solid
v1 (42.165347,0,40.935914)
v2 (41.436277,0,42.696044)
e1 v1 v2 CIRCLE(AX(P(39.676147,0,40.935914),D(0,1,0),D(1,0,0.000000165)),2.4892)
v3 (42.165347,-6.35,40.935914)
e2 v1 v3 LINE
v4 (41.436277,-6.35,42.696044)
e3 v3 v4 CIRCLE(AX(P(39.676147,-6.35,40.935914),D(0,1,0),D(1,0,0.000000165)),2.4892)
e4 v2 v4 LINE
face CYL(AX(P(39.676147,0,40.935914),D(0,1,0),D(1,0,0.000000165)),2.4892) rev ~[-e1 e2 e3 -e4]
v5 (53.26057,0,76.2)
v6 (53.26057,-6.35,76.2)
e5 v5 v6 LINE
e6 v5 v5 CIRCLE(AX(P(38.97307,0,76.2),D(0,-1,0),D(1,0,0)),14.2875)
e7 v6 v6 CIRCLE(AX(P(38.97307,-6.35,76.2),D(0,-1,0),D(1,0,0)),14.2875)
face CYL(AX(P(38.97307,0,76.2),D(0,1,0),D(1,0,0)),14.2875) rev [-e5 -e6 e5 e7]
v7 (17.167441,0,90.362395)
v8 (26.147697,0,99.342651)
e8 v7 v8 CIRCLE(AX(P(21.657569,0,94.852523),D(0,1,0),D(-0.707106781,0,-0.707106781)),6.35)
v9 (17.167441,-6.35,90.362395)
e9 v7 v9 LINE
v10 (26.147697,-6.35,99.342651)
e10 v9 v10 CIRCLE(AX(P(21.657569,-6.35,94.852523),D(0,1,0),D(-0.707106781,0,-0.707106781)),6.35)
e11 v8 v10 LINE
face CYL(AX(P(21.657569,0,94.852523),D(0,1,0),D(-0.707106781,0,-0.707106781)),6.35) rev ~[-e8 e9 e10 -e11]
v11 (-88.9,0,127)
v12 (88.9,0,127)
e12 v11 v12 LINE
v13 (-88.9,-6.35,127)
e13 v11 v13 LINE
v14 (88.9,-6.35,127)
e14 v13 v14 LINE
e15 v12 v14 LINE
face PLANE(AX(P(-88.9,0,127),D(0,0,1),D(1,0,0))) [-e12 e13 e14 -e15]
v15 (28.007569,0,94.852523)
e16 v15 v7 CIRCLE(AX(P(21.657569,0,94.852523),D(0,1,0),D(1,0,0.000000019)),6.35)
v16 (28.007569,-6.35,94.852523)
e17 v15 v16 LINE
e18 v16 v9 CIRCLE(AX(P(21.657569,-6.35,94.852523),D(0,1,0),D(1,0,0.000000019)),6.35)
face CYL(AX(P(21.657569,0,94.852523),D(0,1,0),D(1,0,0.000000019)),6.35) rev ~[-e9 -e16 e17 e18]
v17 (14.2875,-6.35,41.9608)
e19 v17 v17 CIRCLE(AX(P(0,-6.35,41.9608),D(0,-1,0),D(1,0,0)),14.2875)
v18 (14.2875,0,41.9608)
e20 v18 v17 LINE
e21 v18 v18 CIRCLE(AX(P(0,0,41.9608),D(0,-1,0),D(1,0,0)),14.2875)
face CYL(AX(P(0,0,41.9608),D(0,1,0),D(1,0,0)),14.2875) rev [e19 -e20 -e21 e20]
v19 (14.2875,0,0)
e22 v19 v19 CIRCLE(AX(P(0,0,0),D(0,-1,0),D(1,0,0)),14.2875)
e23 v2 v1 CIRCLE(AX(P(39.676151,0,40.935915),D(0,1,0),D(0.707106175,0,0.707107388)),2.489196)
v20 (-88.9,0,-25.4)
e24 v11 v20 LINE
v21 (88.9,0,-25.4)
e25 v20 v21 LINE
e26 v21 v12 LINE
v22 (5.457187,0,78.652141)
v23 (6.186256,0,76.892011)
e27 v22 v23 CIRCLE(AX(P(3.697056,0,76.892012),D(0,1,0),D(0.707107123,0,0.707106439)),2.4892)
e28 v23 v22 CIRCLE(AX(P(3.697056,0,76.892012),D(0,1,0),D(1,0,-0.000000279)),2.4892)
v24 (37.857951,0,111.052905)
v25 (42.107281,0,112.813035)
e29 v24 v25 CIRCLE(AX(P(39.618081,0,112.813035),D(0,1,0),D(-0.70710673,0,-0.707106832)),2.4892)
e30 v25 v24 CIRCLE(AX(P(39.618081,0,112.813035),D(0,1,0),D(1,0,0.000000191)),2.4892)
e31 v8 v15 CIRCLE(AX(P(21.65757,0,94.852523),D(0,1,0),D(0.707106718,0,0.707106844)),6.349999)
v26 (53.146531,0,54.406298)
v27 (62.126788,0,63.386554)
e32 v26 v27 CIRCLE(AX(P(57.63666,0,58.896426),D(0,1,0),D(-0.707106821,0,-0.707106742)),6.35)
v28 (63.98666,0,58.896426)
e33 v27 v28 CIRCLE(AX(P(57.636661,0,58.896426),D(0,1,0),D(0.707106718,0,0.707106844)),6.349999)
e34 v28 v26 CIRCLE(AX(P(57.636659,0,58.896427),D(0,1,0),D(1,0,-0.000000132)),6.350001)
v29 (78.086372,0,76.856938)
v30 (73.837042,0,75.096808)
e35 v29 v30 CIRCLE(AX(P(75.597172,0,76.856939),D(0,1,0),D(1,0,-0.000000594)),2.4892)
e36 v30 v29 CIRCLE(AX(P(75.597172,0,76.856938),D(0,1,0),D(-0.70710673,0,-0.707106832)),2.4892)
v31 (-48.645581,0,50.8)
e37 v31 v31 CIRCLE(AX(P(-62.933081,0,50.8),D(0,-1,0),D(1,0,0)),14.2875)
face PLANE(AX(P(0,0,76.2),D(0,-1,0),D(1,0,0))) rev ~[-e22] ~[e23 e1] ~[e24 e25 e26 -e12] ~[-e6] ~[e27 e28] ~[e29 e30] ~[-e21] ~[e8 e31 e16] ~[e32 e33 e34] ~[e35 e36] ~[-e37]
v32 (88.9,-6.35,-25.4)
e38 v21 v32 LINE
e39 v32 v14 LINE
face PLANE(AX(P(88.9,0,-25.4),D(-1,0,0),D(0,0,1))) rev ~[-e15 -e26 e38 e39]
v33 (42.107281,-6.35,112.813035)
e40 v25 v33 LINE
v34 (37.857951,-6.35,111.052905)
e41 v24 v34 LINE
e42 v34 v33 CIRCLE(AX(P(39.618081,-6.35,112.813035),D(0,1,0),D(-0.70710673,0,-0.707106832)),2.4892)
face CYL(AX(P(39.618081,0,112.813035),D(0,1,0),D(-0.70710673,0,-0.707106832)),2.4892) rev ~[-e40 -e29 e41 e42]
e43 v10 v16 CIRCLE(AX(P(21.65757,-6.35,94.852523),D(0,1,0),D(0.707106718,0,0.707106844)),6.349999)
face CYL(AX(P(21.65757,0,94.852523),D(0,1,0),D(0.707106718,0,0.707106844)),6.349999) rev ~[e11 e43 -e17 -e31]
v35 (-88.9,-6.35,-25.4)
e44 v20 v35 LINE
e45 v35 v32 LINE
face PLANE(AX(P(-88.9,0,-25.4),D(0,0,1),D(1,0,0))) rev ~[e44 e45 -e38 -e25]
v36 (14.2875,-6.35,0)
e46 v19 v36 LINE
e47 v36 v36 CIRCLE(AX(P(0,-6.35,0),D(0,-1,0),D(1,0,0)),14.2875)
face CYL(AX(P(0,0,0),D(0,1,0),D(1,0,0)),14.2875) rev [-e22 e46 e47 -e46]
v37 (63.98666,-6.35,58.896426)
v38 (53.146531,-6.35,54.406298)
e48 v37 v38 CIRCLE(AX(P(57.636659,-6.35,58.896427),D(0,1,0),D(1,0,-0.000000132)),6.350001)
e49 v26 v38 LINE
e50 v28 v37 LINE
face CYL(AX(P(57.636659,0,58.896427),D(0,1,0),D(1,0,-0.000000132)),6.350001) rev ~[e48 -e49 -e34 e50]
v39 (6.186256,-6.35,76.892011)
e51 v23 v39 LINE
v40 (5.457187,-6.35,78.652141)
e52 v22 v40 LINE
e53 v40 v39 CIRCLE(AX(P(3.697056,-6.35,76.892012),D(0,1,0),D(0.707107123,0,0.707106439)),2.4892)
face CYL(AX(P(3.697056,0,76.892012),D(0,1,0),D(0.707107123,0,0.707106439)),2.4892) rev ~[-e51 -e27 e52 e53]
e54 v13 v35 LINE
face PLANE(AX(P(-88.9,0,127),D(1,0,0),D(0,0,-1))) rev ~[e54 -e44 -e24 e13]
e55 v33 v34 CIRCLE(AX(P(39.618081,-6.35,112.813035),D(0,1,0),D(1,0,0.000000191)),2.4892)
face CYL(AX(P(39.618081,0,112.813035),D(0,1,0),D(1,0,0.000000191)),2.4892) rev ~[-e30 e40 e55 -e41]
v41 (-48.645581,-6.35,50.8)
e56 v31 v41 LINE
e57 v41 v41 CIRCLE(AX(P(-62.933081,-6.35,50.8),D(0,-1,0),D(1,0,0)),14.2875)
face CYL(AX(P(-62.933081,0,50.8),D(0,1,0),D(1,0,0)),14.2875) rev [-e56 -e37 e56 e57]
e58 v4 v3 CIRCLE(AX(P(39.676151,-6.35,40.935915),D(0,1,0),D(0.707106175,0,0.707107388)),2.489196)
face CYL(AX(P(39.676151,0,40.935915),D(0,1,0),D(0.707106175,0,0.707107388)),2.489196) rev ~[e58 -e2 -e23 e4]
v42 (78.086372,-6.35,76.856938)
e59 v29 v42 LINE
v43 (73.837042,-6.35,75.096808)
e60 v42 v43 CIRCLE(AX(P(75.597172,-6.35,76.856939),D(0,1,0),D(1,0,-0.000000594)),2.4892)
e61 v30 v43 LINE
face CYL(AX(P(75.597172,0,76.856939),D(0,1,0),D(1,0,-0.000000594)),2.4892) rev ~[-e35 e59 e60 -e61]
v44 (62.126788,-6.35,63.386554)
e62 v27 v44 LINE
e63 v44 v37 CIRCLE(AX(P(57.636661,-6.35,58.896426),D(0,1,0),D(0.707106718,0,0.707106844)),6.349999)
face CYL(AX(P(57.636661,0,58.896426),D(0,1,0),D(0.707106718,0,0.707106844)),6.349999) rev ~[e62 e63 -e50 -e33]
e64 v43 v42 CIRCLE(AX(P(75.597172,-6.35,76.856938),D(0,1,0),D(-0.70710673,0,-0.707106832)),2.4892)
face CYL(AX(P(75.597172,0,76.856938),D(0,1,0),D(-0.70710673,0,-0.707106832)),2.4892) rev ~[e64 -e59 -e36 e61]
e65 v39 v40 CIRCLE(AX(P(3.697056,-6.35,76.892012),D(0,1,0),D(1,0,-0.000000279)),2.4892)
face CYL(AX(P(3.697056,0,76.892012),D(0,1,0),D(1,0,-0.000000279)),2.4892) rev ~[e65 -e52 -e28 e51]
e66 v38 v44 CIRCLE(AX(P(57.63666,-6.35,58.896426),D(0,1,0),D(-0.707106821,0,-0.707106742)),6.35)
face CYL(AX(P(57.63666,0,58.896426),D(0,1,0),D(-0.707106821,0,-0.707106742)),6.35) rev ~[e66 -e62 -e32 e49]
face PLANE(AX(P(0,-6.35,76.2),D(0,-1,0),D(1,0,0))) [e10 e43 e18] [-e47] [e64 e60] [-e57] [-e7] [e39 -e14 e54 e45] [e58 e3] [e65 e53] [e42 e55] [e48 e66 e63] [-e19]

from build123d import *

# Parameters (mm, degrees)
F0_W     = 177.8
F0_H     = 101.6
F0_R     = 14.2875
F0_H_2   = 50.8
F1_DEPTH = 6.35


with BuildPart() as f1:
    # F0 (on Front) → F1 (new body)
    with BuildSketch(Plane.XZ):
        with Locations((0, 76.2)):
            Rectangle(F0_W, F0_H)
        with Locations((-62.933081, 50.8)):
            Circle(F0_R, mode=Mode.SUBTRACT)
        with Locations((0, 41.9608)):
            Circle(F0_R, mode=Mode.SUBTRACT)
        with BuildLine():
            ThreePointArc((42.165347, 40.935914), (37.376426, 39.983338), (41.436277, 42.696044))
            ThreePointArc((41.436277, 42.696044), (41.975868, 41.88849), (42.165347, 40.935914))
        make_face(mode=Mode.SUBTRACT)
        with BuildLine():
            ThreePointArc((6.186256, 76.892011), (1.397336, 75.939435), (5.457187, 78.652141))
            ThreePointArc((5.457187, 78.652141), (5.996777, 77.844587), (6.186256, 76.892011))
        make_face(mode=Mode.SUBTRACT)
        with Locations((38.97307, 76.2)):
            Circle(F0_R, mode=Mode.SUBTRACT)
        with BuildLine():
            ThreePointArc((62.126788, 63.386554), (63.503295, 61.326466), (63.98666, 58.896426))
            ThreePointArc((63.98666, 58.896426), (60.066699, 53.029791), (53.146531, 54.406298))
            ThreePointArc((53.146531, 54.406298), (53.146531, 63.386554), (62.126788, 63.386554))
        make_face(mode=Mode.SUBTRACT)
        with BuildLine():
            ThreePointArc((78.086372, 76.856938), (76.549747, 74.557218), (73.837042, 75.096808))
            ThreePointArc((73.837042, 75.096808), (74.644596, 79.156659), (78.086372, 76.856938))
        make_face(mode=Mode.SUBTRACT)
        with BuildLine():
            ThreePointArc((26.147697, 99.342651), (27.524204, 97.282563), (28.007569, 94.852523))
            ThreePointArc((28.007569, 94.852523), (24.087609, 88.985888), (17.167441, 90.362395))
            ThreePointArc((17.167441, 90.362395), (17.167441, 99.342651), (26.147697, 99.342651))
        make_face(mode=Mode.SUBTRACT)
        with BuildLine():
            ThreePointArc((42.107281, 112.813035), (40.570657, 110.513314), (37.857951, 111.052905))
            ThreePointArc((37.857951, 111.052905), (38.665505, 115.112756), (42.107281, 112.813035))
        make_face(mode=Mode.SUBTRACT)
        Rectangle(F0_W, F0_H_2)
        Circle(F0_R, mode=Mode.SUBTRACT)
    extrude(amount=F1_DEPTH)


solid = f1.part
